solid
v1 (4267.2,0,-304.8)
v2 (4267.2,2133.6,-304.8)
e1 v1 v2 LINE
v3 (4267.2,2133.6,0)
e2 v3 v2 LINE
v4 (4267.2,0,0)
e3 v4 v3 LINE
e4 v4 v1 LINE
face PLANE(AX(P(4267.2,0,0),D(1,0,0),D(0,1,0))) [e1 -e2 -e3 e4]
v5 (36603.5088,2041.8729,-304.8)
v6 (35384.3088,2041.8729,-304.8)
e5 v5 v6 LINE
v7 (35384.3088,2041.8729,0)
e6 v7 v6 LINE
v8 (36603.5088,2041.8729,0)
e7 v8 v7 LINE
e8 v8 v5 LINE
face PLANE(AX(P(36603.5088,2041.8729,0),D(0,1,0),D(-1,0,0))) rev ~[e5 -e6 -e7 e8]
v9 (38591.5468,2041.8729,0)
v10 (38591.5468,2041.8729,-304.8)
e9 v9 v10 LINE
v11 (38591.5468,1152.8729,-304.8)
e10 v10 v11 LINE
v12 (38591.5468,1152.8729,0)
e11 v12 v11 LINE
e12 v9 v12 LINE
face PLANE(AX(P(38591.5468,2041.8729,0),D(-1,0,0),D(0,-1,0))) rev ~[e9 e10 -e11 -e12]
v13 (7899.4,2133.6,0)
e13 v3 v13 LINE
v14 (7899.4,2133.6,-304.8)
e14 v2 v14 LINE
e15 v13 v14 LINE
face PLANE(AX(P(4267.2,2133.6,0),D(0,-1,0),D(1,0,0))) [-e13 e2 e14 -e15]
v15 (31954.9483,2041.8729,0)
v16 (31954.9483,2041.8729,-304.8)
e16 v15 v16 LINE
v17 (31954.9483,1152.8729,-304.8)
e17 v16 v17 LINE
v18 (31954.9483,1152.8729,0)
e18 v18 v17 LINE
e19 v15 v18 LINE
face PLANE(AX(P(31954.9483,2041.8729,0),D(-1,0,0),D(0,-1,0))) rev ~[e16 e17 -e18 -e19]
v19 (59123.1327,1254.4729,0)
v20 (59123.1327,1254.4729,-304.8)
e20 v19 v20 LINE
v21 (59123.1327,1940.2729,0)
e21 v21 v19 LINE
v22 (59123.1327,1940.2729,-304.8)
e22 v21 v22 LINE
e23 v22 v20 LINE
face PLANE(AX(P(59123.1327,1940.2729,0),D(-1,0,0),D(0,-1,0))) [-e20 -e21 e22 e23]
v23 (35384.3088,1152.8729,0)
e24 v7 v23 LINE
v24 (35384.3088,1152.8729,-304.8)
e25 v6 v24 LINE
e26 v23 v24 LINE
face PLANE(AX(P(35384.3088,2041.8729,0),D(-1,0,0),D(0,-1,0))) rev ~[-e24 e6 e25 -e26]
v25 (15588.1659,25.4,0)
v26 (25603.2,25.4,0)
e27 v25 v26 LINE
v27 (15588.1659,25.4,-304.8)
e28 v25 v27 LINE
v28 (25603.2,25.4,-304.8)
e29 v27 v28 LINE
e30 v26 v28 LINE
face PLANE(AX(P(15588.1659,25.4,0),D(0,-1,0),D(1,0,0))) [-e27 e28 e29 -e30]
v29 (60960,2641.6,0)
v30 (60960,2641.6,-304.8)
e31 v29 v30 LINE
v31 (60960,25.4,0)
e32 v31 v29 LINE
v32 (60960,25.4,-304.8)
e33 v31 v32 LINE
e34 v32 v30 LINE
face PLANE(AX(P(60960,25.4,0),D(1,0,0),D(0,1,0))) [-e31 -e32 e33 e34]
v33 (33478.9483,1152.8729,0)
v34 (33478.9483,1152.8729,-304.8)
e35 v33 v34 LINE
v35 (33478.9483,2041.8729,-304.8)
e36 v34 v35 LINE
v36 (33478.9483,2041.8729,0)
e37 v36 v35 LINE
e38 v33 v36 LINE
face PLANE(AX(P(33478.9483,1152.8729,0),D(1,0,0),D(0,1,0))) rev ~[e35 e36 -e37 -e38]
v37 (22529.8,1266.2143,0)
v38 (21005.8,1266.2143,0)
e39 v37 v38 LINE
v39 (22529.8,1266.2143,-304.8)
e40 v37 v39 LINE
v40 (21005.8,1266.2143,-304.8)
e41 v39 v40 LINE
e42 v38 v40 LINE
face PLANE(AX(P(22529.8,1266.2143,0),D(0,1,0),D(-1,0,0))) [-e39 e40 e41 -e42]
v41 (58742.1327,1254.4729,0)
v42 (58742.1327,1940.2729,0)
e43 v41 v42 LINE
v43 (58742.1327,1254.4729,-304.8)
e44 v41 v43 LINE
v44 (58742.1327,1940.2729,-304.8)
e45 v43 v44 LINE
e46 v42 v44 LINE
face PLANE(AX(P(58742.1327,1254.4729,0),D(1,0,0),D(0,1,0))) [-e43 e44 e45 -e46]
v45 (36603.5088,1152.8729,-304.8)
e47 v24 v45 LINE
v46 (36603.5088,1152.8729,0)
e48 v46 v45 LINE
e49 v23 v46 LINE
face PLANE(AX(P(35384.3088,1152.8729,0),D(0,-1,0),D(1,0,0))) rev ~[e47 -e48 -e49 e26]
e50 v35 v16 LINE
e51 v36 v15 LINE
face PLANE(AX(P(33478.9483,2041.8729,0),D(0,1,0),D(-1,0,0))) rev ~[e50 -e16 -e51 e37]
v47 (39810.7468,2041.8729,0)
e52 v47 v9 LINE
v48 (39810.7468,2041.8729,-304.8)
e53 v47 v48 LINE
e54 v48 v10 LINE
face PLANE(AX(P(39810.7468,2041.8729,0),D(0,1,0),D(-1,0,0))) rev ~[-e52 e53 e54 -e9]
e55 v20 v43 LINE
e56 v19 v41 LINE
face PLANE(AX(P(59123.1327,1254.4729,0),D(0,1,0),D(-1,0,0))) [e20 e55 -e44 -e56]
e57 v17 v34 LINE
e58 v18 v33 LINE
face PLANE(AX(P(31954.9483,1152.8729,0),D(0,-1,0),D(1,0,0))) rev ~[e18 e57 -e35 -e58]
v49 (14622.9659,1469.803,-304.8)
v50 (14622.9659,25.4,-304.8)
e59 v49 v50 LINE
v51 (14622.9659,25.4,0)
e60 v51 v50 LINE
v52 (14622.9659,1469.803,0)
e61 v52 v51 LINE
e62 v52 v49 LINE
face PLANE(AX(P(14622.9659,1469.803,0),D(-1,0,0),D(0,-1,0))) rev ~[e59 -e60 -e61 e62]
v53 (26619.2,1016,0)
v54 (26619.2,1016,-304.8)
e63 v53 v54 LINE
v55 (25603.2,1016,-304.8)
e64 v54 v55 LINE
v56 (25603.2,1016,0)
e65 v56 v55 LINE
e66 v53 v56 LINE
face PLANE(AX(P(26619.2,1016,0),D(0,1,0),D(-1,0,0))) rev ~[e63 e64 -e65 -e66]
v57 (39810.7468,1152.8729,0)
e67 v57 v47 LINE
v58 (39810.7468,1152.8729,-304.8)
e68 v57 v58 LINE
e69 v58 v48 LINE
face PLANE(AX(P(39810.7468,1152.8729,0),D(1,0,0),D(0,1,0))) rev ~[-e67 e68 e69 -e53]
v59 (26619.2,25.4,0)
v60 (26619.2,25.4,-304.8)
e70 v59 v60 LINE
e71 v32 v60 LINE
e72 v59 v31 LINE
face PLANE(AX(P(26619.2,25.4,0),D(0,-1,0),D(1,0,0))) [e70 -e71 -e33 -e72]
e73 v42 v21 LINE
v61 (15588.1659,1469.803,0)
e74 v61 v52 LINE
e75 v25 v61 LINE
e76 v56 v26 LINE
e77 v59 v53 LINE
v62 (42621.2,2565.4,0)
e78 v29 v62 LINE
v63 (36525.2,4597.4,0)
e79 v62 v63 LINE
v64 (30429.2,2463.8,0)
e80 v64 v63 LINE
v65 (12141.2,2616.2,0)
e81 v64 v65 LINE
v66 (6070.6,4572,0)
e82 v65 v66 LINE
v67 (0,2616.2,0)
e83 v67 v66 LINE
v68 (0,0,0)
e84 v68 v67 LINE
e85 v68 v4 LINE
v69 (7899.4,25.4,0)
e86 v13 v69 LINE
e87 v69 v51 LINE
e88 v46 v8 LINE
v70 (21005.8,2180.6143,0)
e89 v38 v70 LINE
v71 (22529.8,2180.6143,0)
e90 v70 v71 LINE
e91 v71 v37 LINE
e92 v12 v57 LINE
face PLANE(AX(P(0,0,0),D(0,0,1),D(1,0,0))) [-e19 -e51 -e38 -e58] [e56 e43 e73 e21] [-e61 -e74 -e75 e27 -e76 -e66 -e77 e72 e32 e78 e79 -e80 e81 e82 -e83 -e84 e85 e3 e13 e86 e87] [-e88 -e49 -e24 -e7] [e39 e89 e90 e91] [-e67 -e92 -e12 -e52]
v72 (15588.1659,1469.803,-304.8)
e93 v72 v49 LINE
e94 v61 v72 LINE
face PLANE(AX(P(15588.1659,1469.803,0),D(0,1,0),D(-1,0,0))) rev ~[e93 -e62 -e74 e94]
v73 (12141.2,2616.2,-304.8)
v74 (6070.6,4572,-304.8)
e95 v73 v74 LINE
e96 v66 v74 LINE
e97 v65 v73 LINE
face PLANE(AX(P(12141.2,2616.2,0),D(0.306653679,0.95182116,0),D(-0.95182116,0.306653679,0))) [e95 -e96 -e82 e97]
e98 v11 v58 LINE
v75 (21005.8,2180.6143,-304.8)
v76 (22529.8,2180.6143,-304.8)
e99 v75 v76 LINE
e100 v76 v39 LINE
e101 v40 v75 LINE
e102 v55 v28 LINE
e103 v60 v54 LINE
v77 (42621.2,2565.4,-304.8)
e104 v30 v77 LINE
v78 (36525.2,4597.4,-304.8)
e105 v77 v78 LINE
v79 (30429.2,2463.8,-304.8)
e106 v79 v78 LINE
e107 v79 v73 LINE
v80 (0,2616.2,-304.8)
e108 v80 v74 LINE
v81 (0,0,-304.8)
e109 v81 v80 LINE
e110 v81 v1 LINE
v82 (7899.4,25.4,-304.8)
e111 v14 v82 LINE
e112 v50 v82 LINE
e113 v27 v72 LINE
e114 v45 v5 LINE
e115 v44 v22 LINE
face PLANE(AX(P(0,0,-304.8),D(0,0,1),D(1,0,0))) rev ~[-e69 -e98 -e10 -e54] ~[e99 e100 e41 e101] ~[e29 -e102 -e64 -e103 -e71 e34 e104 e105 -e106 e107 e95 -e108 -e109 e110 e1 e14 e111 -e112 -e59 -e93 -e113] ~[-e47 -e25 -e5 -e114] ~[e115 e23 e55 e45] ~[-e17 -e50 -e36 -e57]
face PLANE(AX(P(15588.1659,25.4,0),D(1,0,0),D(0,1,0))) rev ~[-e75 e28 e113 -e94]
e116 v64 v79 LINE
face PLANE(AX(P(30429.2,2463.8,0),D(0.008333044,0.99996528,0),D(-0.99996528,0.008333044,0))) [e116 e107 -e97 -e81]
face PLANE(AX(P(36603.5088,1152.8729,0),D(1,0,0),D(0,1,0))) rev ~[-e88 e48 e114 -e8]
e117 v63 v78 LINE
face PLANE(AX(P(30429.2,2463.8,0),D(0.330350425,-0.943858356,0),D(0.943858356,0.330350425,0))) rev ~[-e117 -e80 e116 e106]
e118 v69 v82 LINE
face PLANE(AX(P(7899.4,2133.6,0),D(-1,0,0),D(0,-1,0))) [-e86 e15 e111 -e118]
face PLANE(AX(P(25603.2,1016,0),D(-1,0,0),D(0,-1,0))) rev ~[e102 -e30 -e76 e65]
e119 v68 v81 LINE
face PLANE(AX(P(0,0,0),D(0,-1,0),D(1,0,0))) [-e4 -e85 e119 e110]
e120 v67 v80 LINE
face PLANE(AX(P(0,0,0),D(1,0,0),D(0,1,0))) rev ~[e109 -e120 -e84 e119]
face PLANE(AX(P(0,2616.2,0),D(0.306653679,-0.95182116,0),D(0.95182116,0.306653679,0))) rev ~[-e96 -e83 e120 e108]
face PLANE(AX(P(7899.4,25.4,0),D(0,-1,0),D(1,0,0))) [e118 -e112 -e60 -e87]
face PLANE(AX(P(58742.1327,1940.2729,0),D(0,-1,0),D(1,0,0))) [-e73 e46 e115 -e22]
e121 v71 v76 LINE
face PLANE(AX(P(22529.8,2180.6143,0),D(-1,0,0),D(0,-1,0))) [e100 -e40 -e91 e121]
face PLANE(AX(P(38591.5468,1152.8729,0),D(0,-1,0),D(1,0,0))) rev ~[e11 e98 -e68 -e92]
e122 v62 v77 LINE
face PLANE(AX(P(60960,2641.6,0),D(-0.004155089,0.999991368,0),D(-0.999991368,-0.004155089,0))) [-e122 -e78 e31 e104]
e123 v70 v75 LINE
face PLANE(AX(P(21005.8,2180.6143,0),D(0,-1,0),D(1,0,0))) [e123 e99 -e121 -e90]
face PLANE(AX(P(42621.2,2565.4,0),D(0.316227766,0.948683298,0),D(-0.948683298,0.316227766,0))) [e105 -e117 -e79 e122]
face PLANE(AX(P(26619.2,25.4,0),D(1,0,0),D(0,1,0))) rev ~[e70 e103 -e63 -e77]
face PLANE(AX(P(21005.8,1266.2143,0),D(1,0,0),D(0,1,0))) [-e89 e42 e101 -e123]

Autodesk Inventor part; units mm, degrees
ref_plane "YZ Plane" through (0, 0, 0) normal (1, 0, 0) x (0, 1, 0)
ref_plane "XZ Plane" through (0, 0, 0) normal (0, 1, 0) x (-1, 0, 0)
ref_plane "XY Plane" through (0, 0, 0) normal (0, 0, 1) x (1, 0, 0)
sketch "Sketch1" plane through (0, 0, 0) normal (0, 0, 1) x (1, 0, 0)
  line L0 (0, 0) -> (0, 2616.2)
  line L1 (0, 0) -> (4267.2, 0)
  line L2 (4267.2, 0) -> (4267.2, 2133.6)
  line L3 (4267.2, 2133.6) -> (7899.4, 2133.6)
  line L4 (7899.4, 2133.6) -> (7899.4, 25.4)
  line L5 (7899.4, 25.4) -> (12141.2, 25.4)
  line L6 (12141.2, 25.4) -> (12141.2, 2616.2)
  line L7 (12141.2, 2616.2) -> (0, 2616.2) construction
  line L8 (6070.6, 2616.2) -> (6070.6, 6494.6516) construction
  line L9 (0, 2616.2) -> (6070.6, 4572)
  line L10 (12141.2, 2616.2) -> (6070.6, 4572)
  line L11 (12141.2, 25.4) -> (30429.2, 25.4)
  line L12 (30429.2, 25.4) -> (30429.2, 2463.8)
  line L13 (30429.2, 2463.8) -> (12141.2, 2616.2)
  line L14 (14622.9659, 25.4) -> (15588.1659, 25.4)
  line L15 (15588.1659, 25.4) -> (15588.1659, 1469.803)
  line L16 (15588.1659, 1469.803) -> (14622.9659, 1469.803)
  line L17 (14622.9659, 1469.803) -> (14622.9659, 25.4)
  line L18 (21005.8, 2180.6143) -> (22529.8, 2180.6143)
  line L19 (22529.8, 2180.6143) -> (22529.8, 1266.2143)
  line L20 (22529.8, 1266.2143) -> (21005.8, 1266.2143)
  line L21 (21005.8, 1266.2143) -> (21005.8, 2180.6143)
  line L22 (21005.8, 2180.6143) -> (22529.8, 1266.2143) construction
  line L23 (22529.8, 2180.6143) -> (21005.8, 1266.2143) construction
  line L24 (30429.2, 25.4) -> (42621.2, 25.4)
  line L25 (42621.2, 25.4) -> (42621.2, 2565.4)
  line L26 (36525.2, 25.4) -> (36525.2, 4597.4) construction
  line L27 (30429.2, 2463.8) -> (36525.2, 4597.4)
  line L28 (42621.2, 2565.4) -> (36525.2, 4597.4)
  line L29 (31954.9483, 1152.8729) -> (33478.9483, 1152.8729)
  line L30 (33478.9483, 1152.8729) -> (33478.9483, 2041.8729)
  line L31 (33478.9483, 2041.8729) -> (31954.9483, 2041.8729)
  line L32 (31954.9483, 2041.8729) -> (31954.9483, 1152.8729)
  line L33 (31954.9483, 1152.8729) -> (33478.9483, 2041.8729) construction
  line L34 (33478.9483, 1152.8729) -> (31954.9483, 2041.8729) construction
  line L35 (35384.3088, 1152.8729) -> (36603.5088, 1152.8729)
  line L36 (36603.5088, 1152.8729) -> (36603.5088, 2041.8729)
  line L37 (36603.5088, 2041.8729) -> (35384.3088, 2041.8729)
  line L38 (35384.3088, 2041.8729) -> (35384.3088, 1152.8729)
  line L39 (35384.3088, 1152.8729) -> (36603.5088, 2041.8729) construction
  line L40 (36603.5088, 1152.8729) -> (35384.3088, 2041.8729) construction
  line L41 (38591.5468, 1152.8729) -> (39810.7468, 1152.8729)
  line L42 (39810.7468, 1152.8729) -> (39810.7468, 2041.8729)
  line L43 (39810.7468, 2041.8729) -> (38591.5468, 2041.8729)
  line L44 (38591.5468, 2041.8729) -> (38591.5468, 1152.8729)
  line L45 (38591.5468, 1152.8729) -> (39810.7468, 2041.8729) construction
  line L46 (39810.7468, 1152.8729) -> (38591.5468, 2041.8729) construction
  line L47 (42621.2, 25.4) -> (60960, 25.4)
  line L48 (60960, 25.4) -> (60960, 2641.6)
  line L49 (60960, 2641.6) -> (42621.2, 2565.4)
  line L50 (59123.1327, 1254.4729) -> (58742.1327, 1254.4729)
  line L51 (58742.1327, 1254.4729) -> (58742.1327, 1940.2729)
  line L52 (58742.1327, 1940.2729) -> (59123.1327, 1940.2729)
  line L53 (59123.1327, 1940.2729) -> (59123.1327, 1254.4729)
  line L54 (59123.1327, 1254.4729) -> (58742.1327, 1940.2729) construction
  line L55 (58742.1327, 1254.4729) -> (59123.1327, 1940.2729) construction
  line L56 (25603.2, 25.4) -> (26619.2, 25.4)
  line L57 (26619.2, 25.4) -> (26619.2, 1016)
  line L58 (26619.2, 1016) -> (25603.2, 1016)
  line L59 (25603.2, 1016) -> (25603.2, 25.4)
  point P0 (21767.8, 1723.4143)
  point P1 (32716.9483, 1597.3729)
  point P2 (35993.9088, 1597.3729)
  point P3 (39201.1468, 1597.3729)
  point P4 (58932.6327, 1597.3729)
  dimension "d0" = 2616.2
  dimension "d1" = 4267.2
  dimension "d2" = 2133.6
  dimension "d3" = 3632.2
  dimension "d4" = 4241.8
  dimension "d5" = 2590.8
  dimension "d6" = 18288
  dimension "d7" = 2438.4
  dimension "d8" = 965.2
  dimension "d9" = 914.4
  dimension "d10" = 1524
  dimension "d11" = 4572
  dimension "d12" = 12192
  dimension "d13" = 2540
  dimension "d14" = 4572
  dimension "d15" = 1524
  dimension "d16" = 889
  dimension "d17" = 1219.2
  dimension "d18" = 889
  dimension "d19" = 1219.2
  dimension "d20" = 889
  dimension "d21" = 18338.8
  dimension "d22" = 2616.2
  dimension "d23" = 381
  dimension "d24" = 685.8
  dimension "d27" = 1016
  dimension "d28" = 990.6
  dimension "d29" = 3810
  dimension "d30" = 3073.4
  dimension "d33" = 60960
  dimension "d34" = 6377.8788
  dimension "d35" = 6377.8788
  dimension "d36" = 18288
  dimension "d37" = 6458.5962
  dimension "d38" = 6425.7482
  dimension "d39" = 18338.8
extrude "Extrusion2" add sketch "Sketch1" against normal blind 304.8 contours L0 L9 L10 L6 L5 L4 L3 L2 L1 | L13 L12 L11 L57 L58 L59 L15 L16 L17 L6 | L27 L28 L25 L24 L12 | L25 L49 L48 L47
properties part number "unwrappedBarnAboveCementRocks"
